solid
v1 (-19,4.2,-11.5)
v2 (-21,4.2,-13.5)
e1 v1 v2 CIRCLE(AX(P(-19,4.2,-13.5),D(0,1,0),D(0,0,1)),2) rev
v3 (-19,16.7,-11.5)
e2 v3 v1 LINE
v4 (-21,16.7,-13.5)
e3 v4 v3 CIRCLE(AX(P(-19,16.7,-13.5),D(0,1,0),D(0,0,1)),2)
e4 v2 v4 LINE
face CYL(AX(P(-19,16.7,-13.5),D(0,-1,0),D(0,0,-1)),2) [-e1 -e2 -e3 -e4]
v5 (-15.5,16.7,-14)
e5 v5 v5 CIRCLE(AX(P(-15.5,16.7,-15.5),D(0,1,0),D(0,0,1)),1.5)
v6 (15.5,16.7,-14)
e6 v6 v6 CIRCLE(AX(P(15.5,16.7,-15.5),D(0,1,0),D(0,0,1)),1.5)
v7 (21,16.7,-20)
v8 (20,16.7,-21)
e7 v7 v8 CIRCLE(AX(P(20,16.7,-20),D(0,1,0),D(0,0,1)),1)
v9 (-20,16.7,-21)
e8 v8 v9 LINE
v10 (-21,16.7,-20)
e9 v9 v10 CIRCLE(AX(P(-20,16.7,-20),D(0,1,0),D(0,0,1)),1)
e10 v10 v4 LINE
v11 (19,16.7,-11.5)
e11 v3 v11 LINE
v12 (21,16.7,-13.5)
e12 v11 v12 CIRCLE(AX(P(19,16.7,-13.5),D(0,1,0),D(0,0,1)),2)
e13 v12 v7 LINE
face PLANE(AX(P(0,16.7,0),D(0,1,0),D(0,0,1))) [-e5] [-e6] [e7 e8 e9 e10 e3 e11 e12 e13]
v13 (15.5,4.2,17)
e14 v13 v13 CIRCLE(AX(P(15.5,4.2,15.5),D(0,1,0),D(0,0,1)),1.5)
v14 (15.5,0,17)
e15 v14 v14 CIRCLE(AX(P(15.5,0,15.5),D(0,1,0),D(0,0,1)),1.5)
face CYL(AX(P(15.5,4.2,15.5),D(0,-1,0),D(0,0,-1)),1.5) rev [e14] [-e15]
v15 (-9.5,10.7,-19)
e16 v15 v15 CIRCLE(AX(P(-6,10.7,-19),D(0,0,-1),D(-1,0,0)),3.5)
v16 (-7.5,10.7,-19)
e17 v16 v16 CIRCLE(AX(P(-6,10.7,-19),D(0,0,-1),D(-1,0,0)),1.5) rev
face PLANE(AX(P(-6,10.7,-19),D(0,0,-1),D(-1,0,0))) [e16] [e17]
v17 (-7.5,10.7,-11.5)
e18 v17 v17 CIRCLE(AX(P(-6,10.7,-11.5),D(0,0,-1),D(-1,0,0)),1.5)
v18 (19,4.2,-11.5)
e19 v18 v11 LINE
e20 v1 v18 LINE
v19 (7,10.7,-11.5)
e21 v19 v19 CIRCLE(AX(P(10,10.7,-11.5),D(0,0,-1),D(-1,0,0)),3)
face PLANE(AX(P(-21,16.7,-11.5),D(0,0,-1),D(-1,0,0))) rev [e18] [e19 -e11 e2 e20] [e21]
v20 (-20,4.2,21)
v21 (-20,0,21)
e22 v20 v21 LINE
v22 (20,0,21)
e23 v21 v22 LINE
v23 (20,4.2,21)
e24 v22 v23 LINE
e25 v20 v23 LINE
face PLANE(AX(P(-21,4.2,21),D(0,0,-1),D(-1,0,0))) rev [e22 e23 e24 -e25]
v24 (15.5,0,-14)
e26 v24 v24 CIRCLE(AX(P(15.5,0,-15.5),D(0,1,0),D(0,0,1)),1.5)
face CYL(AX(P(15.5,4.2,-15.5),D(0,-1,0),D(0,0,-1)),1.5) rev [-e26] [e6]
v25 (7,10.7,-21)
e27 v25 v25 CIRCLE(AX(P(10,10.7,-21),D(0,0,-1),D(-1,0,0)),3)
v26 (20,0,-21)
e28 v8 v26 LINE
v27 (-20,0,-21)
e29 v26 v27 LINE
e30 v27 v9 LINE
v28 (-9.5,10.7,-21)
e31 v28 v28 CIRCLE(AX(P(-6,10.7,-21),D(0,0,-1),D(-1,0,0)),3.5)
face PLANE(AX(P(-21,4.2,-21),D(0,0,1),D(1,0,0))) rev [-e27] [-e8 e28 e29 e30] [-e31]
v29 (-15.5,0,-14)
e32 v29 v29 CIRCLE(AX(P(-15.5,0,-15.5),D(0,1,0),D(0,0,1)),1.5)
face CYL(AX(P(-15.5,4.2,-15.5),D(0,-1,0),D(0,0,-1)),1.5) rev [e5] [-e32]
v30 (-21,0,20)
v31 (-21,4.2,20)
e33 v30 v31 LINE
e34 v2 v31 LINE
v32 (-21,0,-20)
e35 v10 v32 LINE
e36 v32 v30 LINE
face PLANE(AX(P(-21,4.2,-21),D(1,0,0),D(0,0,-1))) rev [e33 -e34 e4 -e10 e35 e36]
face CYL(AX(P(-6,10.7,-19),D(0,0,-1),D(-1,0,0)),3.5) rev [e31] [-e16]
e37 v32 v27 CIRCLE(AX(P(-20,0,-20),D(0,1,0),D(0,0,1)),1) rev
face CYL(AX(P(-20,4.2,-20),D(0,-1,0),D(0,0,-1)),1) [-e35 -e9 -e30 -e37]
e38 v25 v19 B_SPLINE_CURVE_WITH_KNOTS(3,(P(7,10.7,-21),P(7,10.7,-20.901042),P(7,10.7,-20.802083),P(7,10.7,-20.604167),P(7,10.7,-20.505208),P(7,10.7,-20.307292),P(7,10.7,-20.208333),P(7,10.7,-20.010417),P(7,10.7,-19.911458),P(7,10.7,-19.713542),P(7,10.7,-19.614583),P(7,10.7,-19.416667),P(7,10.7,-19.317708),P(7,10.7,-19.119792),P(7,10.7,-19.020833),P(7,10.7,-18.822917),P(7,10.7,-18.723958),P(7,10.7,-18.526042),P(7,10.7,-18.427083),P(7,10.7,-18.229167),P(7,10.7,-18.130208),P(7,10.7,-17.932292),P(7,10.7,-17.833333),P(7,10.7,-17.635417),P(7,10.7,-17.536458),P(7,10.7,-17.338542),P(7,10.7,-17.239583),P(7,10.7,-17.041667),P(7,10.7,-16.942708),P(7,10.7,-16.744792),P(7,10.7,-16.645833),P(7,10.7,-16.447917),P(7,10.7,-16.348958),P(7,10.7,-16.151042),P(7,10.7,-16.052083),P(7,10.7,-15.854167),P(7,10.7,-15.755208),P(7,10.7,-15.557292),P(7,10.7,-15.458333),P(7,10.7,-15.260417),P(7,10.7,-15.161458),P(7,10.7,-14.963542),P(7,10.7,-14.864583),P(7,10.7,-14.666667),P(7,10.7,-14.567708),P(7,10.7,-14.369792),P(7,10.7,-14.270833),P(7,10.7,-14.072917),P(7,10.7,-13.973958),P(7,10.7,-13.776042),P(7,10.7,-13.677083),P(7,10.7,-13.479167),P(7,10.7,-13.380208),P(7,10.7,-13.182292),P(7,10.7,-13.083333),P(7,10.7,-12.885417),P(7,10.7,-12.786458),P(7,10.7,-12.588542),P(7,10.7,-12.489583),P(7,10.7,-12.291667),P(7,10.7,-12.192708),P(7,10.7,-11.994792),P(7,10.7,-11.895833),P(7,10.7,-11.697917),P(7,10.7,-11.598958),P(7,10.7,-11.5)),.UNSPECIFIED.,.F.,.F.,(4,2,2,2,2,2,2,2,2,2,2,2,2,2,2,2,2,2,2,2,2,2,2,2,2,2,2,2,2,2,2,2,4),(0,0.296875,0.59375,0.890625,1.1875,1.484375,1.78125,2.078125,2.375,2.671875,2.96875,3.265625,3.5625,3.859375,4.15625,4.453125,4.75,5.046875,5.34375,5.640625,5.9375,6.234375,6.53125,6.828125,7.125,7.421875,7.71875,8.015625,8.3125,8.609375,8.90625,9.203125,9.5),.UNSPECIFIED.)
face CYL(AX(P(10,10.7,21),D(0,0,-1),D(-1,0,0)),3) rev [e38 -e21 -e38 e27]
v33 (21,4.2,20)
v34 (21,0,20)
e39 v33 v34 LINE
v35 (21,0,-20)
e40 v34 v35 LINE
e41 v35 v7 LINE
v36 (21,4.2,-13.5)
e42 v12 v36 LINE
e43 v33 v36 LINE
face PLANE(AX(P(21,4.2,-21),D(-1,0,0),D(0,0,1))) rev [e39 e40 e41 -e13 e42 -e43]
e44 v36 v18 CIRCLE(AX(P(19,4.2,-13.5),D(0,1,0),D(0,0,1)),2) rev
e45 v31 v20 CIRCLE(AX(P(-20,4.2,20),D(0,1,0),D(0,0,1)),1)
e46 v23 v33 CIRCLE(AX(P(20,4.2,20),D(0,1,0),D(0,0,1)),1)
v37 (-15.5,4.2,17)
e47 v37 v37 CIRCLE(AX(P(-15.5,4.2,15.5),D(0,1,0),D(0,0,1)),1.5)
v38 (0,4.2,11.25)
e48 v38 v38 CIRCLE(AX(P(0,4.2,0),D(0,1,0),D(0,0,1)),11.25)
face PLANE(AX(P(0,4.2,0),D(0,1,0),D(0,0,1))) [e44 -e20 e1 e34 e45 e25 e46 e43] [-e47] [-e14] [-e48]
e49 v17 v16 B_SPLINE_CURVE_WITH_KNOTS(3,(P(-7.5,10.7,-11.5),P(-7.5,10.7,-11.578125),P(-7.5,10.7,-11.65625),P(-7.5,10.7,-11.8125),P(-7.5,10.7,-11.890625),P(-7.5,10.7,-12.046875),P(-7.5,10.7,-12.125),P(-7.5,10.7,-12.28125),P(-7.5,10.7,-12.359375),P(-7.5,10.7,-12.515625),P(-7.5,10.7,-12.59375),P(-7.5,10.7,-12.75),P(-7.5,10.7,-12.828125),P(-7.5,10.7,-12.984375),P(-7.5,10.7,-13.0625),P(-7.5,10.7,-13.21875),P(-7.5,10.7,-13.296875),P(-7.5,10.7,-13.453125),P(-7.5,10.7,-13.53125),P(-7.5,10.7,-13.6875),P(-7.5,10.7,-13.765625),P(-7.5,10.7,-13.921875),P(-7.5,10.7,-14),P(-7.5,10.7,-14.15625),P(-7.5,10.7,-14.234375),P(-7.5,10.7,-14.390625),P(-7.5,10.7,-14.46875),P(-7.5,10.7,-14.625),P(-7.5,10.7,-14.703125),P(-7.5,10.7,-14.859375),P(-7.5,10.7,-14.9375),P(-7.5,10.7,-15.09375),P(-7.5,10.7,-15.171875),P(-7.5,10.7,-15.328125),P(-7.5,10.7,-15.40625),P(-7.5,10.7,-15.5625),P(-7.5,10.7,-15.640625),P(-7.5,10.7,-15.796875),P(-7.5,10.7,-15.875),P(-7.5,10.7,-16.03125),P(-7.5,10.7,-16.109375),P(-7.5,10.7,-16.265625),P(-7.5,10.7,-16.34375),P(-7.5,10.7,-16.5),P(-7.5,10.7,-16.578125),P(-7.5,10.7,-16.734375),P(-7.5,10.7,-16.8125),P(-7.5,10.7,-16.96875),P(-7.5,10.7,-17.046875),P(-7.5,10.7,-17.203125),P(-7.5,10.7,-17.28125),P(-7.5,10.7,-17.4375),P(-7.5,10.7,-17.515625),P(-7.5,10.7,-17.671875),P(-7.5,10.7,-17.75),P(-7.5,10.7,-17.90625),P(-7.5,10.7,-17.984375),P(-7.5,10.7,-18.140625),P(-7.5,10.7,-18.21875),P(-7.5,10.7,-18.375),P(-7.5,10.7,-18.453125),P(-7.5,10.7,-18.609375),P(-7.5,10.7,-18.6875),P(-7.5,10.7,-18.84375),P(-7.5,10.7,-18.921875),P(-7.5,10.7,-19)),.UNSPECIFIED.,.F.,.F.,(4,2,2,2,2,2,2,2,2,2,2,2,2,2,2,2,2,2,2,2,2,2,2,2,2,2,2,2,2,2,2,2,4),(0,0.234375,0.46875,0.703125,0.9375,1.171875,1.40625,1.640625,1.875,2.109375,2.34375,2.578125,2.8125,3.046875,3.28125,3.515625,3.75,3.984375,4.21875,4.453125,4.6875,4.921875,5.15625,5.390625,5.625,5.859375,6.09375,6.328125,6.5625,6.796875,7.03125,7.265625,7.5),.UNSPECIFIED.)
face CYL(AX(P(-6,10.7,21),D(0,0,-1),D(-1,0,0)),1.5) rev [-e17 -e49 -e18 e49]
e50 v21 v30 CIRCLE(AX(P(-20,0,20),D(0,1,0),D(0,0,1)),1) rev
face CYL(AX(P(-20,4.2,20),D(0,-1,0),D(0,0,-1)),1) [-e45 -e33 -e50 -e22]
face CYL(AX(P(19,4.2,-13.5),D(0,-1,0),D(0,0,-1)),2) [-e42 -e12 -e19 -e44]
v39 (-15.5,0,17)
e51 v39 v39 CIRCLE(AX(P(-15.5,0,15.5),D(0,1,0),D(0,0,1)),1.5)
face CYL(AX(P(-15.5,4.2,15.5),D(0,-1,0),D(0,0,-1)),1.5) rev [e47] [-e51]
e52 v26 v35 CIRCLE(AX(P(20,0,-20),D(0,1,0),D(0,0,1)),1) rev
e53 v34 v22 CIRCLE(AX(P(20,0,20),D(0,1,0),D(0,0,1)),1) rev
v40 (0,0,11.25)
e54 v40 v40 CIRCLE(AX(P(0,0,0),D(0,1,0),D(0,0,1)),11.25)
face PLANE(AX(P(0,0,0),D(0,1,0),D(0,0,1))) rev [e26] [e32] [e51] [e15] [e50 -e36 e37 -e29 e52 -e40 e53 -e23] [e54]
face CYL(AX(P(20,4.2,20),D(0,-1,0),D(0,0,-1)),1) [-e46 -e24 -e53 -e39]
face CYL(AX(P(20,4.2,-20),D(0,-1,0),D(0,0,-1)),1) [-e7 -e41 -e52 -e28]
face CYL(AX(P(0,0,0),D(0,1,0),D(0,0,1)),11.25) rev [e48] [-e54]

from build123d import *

# Parameters (mm, degrees)
SKETCH_1_W          = 42
SKETCH_1_H          = 42
SKETCH_1_R          = 1.5
EXTRUDE_1_DEPTH     = 4.2
SKETCH_2_W          = 42
SKETCH_2_H          = 9.5
SKETCH_2_R          = 1.5
EXTRUDE_2_DEPTH     = 12.5
SKETCH_3_R          = 11.25
CUT_EXTRUDE_1_DEPTH = 33.221886971
SKETCH_4_R          = 3
SKETCH_4_R_2        = 1.5
CUT_EXTRUDE_2_DEPTH = 50.838639628
SKETCH_5_R          = 3.5
CUT_EXTRUDE_3_DEPTH = 2
FILLET_2_R          = 1
FILLET_3_R          = 2


with BuildPart() as part:
    # 草图1 → 凸台-拉伸1 (new body)
    with BuildSketch(Plane(origin=(0, 0, 0), x_dir=(1, 0, 0), z_dir=(0, 1, 0))):
        Rectangle(SKETCH_1_W, SKETCH_1_H)
        with Locations(Location((-15.5, 15.5, 0), (0, 0, 270))):
            Circle(SKETCH_1_R, mode=Mode.SUBTRACT)
        with Locations(Location((15.5, 15.5, 0), (0, 0, 270))):
            Circle(SKETCH_1_R, mode=Mode.SUBTRACT)
        with Locations(Location((-15.5, -15.5, 0), (0, 0, 270))):
            Circle(SKETCH_1_R, mode=Mode.SUBTRACT)
        with Locations(Location((15.5, -15.5, 0), (0, 0, 270))):
            Circle(SKETCH_1_R, mode=Mode.SUBTRACT)
    extrude(amount=EXTRUDE_1_DEPTH)

    # 草图2 → 凸台-拉伸2 (add)
    with BuildSketch(Plane(origin=(0, 4.2, 0), x_dir=(1, 0, 0), z_dir=(0, 1, 0))):
        with Locations((0, 16.25)):
            Rectangle(SKETCH_2_W, SKETCH_2_H)
        with Locations(Location((-15.5, 15.5, 0), (0, 0, 270))):
            Circle(SKETCH_2_R, mode=Mode.SUBTRACT)
        with Locations(Location((15.5, 15.5, 0), (0, 0, 270))):
            Circle(SKETCH_2_R, mode=Mode.SUBTRACT)
    extrude(amount=EXTRUDE_2_DEPTH)

    # 草图3 → 切除-拉伸1 (cut, through all)
    with BuildSketch(Plane(origin=(0, 4.2, 0), x_dir=(1, 0, 0), z_dir=(0, 1, 0))):
        with Locations(Location((0, 0, 0), (0, 0, 270))):
            Circle(SKETCH_3_R)
    extrude(amount=-CUT_EXTRUDE_1_DEPTH, mode=Mode.SUBTRACT)

    # 草图4 → 切除-拉伸2 (cut, through all)
    with BuildSketch(Plane(origin=(0, 0, -21), x_dir=(-1, 0, 0), z_dir=(0, 0, -1))):
        with Locations((-10, 10.7)):
            Circle(SKETCH_4_R)
        with Locations((6, 10.7)):
            Circle(SKETCH_4_R_2)
    extrude(amount=-CUT_EXTRUDE_2_DEPTH, mode=Mode.SUBTRACT)

    # 草图5 → 切除-拉伸3 (cut)
    with BuildSketch(Plane(origin=(0, 0, -21), x_dir=(-1, 0, 0), z_dir=(0, 0, -1))):
        with Locations((6, 10.7)):
            Circle(SKETCH_5_R)
    extrude(amount=-CUT_EXTRUDE_3_DEPTH, mode=Mode.SUBTRACT)

    # 圆角2
    fillet_2_edges = [part.edges().sort_by_distance(p)[0] for p in [
        (21, 2.1, 21),
        (-21, 2.1, 21),
        (-21, 8.35, -21),
        (21, 8.35, -21),
    ]]
    fillet(fillet_2_edges, radius=FILLET_2_R)

    # 圆角3
    fillet_3_edges = [part.edges().sort_by_distance(p)[0] for p in [
        (-21, 10.45, -11.5),
        (21, 10.45, -11.5),
    ]]
    fillet(fillet_3_edges, radius=FILLET_3_R)


solid = part.part
